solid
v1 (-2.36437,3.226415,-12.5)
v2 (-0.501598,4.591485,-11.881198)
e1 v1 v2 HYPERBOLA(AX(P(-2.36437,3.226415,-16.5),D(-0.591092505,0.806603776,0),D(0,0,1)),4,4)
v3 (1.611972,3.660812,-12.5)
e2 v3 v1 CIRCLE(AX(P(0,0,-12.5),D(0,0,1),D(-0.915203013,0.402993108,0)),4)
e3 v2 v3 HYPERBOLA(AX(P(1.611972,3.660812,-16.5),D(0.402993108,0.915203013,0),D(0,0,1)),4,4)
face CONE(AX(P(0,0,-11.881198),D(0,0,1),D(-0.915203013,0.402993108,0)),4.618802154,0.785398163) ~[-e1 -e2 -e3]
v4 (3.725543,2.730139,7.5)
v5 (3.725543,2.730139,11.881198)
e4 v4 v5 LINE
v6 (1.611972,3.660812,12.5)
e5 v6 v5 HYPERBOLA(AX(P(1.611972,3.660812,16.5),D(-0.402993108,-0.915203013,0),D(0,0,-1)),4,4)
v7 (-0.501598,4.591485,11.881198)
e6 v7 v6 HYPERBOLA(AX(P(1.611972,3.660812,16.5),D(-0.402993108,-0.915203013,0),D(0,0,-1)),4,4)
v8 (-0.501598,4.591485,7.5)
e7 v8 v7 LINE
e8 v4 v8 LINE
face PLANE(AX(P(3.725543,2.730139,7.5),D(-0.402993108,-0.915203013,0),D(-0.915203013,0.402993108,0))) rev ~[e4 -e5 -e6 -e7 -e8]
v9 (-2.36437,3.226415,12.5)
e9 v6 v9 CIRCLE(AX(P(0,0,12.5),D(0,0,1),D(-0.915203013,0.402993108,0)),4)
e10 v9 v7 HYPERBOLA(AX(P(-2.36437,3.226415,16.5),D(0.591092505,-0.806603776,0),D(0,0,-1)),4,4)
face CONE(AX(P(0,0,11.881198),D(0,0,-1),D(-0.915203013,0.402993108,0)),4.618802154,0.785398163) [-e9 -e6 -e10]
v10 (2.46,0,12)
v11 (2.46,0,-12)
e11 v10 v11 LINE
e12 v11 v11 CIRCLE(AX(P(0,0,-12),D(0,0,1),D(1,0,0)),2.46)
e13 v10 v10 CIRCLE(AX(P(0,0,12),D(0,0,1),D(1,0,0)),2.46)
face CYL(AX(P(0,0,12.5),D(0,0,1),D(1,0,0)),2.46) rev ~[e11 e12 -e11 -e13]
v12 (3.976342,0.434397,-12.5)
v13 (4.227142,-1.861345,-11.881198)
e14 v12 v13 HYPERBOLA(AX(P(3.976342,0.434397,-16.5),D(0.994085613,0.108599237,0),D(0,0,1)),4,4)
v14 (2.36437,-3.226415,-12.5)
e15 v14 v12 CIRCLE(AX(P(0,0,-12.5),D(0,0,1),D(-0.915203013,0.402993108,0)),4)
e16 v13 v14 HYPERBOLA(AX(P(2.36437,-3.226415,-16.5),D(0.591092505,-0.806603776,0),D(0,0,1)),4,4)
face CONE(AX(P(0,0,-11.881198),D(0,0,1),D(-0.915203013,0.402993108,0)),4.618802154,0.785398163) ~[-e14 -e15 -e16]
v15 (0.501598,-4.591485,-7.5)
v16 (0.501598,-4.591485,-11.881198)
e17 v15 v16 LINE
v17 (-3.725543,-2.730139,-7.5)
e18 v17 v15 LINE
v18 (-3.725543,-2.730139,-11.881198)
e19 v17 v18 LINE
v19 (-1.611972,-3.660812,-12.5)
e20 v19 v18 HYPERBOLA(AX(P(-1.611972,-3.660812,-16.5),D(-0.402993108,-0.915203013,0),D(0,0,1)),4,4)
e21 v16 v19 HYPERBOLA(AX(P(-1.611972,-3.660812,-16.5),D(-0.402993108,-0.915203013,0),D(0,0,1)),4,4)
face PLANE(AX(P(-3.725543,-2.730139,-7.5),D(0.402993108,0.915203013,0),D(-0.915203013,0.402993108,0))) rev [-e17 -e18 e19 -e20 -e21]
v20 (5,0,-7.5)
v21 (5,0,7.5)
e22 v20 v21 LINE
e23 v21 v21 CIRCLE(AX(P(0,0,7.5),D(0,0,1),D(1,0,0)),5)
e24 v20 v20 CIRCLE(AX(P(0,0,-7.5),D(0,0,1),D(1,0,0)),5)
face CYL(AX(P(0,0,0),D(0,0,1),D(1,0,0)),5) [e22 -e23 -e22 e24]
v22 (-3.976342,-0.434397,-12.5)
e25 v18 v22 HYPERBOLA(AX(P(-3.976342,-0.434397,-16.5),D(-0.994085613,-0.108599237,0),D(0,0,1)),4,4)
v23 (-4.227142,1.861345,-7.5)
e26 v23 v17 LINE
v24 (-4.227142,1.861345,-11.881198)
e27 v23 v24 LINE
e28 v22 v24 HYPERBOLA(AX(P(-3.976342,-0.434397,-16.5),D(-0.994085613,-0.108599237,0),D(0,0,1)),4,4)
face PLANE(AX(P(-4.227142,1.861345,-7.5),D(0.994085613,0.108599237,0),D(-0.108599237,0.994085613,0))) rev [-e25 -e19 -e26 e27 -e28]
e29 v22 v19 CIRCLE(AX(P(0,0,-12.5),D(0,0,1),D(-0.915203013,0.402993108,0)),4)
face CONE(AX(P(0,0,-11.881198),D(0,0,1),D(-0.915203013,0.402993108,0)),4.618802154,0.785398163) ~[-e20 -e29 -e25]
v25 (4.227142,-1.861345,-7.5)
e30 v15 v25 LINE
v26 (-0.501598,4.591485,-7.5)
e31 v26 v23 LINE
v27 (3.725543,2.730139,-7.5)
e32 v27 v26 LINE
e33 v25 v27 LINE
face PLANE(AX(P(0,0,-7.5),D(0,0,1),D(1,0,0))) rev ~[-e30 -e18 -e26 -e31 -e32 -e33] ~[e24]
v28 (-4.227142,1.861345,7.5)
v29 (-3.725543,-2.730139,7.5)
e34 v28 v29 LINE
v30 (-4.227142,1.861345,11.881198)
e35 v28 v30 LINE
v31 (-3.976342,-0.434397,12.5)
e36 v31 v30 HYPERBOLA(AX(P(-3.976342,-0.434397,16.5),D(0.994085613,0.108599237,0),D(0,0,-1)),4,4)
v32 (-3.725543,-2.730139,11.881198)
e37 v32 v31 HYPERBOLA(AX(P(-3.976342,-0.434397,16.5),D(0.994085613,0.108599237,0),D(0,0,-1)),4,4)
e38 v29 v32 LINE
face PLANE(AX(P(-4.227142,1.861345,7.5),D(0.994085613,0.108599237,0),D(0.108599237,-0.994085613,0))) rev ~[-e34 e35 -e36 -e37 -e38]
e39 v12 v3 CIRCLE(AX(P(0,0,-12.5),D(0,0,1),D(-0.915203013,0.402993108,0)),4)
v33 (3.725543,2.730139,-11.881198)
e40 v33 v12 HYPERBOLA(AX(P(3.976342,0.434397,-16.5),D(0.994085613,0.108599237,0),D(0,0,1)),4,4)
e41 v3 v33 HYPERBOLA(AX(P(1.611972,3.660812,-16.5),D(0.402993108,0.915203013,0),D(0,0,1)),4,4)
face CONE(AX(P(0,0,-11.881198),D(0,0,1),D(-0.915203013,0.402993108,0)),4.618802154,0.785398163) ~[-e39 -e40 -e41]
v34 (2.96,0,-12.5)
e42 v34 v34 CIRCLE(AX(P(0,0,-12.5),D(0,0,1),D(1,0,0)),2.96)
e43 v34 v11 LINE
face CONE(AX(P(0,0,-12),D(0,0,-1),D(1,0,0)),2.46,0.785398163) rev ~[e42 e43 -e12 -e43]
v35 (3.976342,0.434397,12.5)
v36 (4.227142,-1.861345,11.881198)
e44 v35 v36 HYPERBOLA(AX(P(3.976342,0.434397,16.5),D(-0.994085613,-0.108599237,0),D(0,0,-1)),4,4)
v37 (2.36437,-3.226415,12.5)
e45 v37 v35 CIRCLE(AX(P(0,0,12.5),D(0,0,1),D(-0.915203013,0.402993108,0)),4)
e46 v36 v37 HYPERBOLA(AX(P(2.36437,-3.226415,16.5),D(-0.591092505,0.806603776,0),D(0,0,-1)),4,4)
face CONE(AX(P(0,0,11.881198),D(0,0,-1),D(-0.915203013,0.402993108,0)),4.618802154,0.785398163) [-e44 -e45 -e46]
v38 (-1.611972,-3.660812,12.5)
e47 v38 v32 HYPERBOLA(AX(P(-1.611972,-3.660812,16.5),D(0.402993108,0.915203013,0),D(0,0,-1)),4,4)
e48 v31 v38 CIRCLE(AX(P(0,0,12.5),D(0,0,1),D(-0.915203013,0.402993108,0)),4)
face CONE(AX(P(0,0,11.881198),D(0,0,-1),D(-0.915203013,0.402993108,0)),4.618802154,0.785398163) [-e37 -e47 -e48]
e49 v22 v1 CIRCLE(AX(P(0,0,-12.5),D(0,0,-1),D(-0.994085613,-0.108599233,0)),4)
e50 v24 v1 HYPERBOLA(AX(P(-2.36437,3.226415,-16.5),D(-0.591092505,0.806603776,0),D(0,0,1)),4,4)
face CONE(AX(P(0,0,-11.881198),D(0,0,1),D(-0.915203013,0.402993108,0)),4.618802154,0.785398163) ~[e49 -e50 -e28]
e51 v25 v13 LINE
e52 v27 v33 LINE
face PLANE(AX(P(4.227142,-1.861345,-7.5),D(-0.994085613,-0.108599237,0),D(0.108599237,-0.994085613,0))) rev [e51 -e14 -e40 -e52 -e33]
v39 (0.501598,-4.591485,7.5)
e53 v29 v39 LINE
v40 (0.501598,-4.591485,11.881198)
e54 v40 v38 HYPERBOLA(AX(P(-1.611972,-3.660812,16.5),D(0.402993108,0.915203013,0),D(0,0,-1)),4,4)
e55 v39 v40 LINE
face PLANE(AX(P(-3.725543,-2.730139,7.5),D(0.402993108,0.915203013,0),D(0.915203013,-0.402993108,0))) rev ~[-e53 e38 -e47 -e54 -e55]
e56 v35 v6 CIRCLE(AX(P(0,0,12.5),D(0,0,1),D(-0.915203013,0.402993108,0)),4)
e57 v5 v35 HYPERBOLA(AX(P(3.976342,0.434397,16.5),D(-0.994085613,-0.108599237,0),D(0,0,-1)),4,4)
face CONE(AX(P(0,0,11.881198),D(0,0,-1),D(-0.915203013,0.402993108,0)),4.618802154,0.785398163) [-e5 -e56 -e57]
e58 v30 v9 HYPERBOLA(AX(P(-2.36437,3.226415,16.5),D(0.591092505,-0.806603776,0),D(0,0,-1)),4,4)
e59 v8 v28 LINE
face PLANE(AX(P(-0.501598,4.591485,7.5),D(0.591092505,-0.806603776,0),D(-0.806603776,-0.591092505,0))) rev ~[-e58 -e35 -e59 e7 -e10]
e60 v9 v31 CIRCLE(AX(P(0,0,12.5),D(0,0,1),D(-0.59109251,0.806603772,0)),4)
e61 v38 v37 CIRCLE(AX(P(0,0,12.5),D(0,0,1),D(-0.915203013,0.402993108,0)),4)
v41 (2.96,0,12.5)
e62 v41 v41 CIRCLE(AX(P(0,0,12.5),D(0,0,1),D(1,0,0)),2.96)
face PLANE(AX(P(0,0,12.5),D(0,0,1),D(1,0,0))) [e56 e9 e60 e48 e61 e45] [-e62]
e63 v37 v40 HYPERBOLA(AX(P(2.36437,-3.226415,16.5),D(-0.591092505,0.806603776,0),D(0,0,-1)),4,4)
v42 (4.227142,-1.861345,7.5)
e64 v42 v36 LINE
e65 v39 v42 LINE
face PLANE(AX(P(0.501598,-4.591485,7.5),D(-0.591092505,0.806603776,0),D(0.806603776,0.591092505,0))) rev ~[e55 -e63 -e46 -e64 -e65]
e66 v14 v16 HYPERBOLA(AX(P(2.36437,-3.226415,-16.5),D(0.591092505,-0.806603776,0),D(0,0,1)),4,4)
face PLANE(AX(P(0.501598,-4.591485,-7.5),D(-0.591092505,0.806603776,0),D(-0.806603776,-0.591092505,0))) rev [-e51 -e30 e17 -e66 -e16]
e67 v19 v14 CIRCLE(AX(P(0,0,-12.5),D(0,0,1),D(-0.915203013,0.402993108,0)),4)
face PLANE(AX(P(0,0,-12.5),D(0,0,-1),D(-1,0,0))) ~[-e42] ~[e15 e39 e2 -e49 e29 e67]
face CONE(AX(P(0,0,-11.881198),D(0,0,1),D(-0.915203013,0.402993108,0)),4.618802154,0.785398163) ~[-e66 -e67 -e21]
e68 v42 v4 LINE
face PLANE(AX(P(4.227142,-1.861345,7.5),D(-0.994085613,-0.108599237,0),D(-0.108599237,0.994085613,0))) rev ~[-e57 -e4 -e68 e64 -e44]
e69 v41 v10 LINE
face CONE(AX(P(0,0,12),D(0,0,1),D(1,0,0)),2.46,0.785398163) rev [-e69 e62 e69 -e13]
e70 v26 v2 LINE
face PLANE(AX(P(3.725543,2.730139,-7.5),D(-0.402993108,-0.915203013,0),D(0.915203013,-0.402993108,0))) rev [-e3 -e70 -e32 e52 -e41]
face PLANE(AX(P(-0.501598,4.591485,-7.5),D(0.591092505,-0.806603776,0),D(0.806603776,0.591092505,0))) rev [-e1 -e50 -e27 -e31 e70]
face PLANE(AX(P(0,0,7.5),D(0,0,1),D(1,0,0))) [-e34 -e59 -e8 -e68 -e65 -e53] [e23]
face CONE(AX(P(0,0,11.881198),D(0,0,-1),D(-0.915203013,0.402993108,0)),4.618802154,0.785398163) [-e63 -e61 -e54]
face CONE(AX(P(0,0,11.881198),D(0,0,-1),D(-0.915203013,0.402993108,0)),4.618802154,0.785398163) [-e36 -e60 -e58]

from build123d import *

# Parameters (mm, degrees)
SKETCH1_R               = 5
BOSS_EXTRUDE1_DEPTH     = 7.5
BOSS_EXTRUDE2_DEPTH     = 5
SKETCH3_R               = 2.46
CUT_EXTRUDE1_DEPTH      = 1
CUT_EXTRUDE1_DEPTH_BACK = 26
CHAMFER1_SIZE           = 0.5


with BuildPart() as part:
    # Sketch1 → Boss-Extrude1 (new body, symmetric)
    with BuildSketch(Plane.XY):
        Circle(SKETCH1_R)
    extrude(amount=BOSS_EXTRUDE1_DEPTH, both=True)

    # Sketch2 → Boss-Extrude2 (add)
    with BuildSketch(Plane.XY.offset(7.5)):
        Polygon((0.50159839, -4.59148477), (4.227141646, -1.861345437), (3.725543257, 2.730139333), (-0.50159839, 4.59148477), (-4.227141646, 1.861345437), (-3.725543257, -2.730139333), align=None)
    boss_extrude2 = extrude(amount=BOSS_EXTRUDE2_DEPTH)

    # Mirror1: Boss-Extrude2 across plane
    add(boss_extrude2.mirror(Plane.XY))

    # Sketch3 → Cut-Extrude1 (cut, two sides)
    with BuildSketch(Plane.XY.offset(12.5)) as cut_extrude1_sk:
        Circle(SKETCH3_R)
    extrude(amount=CUT_EXTRUDE1_DEPTH, mode=Mode.SUBTRACT)
    extrude(cut_extrude1_sk.sketch, amount=-CUT_EXTRUDE1_DEPTH_BACK, mode=Mode.SUBTRACT)

    # Chamfer1
    chamfer1_edges = [part.edges().sort_by_distance(p)[0] for p in [
        (-2.46, 0, 12.5),
        (-2.46, 0, -12.5),
    ]]
    chamfer(chamfer1_edges, length=CHAMFER1_SIZE)

    # Sketch8 → Cut-Revolve3 (revolve, cut)
    with BuildSketch(Plane(origin=(0, 0, 0), x_dir=(-0.915203013, 0.402993108, 0), z_dir=(-0.402993108, -0.915203013, 0))):
        Polygon((4, 12.5), (4.618802154, 12.5), (4.618802154, 11.881197846), align=None)
    cut_revolve3 = revolve(axis=Axis((0, 0, -12), (0, 0, 1)), mode=Mode.SUBTRACT)

    # Mirror2: Cut-Revolve3 across plane
    add(cut_revolve3.mirror(Plane.XY), mode=Mode.SUBTRACT)


solid = part.part
